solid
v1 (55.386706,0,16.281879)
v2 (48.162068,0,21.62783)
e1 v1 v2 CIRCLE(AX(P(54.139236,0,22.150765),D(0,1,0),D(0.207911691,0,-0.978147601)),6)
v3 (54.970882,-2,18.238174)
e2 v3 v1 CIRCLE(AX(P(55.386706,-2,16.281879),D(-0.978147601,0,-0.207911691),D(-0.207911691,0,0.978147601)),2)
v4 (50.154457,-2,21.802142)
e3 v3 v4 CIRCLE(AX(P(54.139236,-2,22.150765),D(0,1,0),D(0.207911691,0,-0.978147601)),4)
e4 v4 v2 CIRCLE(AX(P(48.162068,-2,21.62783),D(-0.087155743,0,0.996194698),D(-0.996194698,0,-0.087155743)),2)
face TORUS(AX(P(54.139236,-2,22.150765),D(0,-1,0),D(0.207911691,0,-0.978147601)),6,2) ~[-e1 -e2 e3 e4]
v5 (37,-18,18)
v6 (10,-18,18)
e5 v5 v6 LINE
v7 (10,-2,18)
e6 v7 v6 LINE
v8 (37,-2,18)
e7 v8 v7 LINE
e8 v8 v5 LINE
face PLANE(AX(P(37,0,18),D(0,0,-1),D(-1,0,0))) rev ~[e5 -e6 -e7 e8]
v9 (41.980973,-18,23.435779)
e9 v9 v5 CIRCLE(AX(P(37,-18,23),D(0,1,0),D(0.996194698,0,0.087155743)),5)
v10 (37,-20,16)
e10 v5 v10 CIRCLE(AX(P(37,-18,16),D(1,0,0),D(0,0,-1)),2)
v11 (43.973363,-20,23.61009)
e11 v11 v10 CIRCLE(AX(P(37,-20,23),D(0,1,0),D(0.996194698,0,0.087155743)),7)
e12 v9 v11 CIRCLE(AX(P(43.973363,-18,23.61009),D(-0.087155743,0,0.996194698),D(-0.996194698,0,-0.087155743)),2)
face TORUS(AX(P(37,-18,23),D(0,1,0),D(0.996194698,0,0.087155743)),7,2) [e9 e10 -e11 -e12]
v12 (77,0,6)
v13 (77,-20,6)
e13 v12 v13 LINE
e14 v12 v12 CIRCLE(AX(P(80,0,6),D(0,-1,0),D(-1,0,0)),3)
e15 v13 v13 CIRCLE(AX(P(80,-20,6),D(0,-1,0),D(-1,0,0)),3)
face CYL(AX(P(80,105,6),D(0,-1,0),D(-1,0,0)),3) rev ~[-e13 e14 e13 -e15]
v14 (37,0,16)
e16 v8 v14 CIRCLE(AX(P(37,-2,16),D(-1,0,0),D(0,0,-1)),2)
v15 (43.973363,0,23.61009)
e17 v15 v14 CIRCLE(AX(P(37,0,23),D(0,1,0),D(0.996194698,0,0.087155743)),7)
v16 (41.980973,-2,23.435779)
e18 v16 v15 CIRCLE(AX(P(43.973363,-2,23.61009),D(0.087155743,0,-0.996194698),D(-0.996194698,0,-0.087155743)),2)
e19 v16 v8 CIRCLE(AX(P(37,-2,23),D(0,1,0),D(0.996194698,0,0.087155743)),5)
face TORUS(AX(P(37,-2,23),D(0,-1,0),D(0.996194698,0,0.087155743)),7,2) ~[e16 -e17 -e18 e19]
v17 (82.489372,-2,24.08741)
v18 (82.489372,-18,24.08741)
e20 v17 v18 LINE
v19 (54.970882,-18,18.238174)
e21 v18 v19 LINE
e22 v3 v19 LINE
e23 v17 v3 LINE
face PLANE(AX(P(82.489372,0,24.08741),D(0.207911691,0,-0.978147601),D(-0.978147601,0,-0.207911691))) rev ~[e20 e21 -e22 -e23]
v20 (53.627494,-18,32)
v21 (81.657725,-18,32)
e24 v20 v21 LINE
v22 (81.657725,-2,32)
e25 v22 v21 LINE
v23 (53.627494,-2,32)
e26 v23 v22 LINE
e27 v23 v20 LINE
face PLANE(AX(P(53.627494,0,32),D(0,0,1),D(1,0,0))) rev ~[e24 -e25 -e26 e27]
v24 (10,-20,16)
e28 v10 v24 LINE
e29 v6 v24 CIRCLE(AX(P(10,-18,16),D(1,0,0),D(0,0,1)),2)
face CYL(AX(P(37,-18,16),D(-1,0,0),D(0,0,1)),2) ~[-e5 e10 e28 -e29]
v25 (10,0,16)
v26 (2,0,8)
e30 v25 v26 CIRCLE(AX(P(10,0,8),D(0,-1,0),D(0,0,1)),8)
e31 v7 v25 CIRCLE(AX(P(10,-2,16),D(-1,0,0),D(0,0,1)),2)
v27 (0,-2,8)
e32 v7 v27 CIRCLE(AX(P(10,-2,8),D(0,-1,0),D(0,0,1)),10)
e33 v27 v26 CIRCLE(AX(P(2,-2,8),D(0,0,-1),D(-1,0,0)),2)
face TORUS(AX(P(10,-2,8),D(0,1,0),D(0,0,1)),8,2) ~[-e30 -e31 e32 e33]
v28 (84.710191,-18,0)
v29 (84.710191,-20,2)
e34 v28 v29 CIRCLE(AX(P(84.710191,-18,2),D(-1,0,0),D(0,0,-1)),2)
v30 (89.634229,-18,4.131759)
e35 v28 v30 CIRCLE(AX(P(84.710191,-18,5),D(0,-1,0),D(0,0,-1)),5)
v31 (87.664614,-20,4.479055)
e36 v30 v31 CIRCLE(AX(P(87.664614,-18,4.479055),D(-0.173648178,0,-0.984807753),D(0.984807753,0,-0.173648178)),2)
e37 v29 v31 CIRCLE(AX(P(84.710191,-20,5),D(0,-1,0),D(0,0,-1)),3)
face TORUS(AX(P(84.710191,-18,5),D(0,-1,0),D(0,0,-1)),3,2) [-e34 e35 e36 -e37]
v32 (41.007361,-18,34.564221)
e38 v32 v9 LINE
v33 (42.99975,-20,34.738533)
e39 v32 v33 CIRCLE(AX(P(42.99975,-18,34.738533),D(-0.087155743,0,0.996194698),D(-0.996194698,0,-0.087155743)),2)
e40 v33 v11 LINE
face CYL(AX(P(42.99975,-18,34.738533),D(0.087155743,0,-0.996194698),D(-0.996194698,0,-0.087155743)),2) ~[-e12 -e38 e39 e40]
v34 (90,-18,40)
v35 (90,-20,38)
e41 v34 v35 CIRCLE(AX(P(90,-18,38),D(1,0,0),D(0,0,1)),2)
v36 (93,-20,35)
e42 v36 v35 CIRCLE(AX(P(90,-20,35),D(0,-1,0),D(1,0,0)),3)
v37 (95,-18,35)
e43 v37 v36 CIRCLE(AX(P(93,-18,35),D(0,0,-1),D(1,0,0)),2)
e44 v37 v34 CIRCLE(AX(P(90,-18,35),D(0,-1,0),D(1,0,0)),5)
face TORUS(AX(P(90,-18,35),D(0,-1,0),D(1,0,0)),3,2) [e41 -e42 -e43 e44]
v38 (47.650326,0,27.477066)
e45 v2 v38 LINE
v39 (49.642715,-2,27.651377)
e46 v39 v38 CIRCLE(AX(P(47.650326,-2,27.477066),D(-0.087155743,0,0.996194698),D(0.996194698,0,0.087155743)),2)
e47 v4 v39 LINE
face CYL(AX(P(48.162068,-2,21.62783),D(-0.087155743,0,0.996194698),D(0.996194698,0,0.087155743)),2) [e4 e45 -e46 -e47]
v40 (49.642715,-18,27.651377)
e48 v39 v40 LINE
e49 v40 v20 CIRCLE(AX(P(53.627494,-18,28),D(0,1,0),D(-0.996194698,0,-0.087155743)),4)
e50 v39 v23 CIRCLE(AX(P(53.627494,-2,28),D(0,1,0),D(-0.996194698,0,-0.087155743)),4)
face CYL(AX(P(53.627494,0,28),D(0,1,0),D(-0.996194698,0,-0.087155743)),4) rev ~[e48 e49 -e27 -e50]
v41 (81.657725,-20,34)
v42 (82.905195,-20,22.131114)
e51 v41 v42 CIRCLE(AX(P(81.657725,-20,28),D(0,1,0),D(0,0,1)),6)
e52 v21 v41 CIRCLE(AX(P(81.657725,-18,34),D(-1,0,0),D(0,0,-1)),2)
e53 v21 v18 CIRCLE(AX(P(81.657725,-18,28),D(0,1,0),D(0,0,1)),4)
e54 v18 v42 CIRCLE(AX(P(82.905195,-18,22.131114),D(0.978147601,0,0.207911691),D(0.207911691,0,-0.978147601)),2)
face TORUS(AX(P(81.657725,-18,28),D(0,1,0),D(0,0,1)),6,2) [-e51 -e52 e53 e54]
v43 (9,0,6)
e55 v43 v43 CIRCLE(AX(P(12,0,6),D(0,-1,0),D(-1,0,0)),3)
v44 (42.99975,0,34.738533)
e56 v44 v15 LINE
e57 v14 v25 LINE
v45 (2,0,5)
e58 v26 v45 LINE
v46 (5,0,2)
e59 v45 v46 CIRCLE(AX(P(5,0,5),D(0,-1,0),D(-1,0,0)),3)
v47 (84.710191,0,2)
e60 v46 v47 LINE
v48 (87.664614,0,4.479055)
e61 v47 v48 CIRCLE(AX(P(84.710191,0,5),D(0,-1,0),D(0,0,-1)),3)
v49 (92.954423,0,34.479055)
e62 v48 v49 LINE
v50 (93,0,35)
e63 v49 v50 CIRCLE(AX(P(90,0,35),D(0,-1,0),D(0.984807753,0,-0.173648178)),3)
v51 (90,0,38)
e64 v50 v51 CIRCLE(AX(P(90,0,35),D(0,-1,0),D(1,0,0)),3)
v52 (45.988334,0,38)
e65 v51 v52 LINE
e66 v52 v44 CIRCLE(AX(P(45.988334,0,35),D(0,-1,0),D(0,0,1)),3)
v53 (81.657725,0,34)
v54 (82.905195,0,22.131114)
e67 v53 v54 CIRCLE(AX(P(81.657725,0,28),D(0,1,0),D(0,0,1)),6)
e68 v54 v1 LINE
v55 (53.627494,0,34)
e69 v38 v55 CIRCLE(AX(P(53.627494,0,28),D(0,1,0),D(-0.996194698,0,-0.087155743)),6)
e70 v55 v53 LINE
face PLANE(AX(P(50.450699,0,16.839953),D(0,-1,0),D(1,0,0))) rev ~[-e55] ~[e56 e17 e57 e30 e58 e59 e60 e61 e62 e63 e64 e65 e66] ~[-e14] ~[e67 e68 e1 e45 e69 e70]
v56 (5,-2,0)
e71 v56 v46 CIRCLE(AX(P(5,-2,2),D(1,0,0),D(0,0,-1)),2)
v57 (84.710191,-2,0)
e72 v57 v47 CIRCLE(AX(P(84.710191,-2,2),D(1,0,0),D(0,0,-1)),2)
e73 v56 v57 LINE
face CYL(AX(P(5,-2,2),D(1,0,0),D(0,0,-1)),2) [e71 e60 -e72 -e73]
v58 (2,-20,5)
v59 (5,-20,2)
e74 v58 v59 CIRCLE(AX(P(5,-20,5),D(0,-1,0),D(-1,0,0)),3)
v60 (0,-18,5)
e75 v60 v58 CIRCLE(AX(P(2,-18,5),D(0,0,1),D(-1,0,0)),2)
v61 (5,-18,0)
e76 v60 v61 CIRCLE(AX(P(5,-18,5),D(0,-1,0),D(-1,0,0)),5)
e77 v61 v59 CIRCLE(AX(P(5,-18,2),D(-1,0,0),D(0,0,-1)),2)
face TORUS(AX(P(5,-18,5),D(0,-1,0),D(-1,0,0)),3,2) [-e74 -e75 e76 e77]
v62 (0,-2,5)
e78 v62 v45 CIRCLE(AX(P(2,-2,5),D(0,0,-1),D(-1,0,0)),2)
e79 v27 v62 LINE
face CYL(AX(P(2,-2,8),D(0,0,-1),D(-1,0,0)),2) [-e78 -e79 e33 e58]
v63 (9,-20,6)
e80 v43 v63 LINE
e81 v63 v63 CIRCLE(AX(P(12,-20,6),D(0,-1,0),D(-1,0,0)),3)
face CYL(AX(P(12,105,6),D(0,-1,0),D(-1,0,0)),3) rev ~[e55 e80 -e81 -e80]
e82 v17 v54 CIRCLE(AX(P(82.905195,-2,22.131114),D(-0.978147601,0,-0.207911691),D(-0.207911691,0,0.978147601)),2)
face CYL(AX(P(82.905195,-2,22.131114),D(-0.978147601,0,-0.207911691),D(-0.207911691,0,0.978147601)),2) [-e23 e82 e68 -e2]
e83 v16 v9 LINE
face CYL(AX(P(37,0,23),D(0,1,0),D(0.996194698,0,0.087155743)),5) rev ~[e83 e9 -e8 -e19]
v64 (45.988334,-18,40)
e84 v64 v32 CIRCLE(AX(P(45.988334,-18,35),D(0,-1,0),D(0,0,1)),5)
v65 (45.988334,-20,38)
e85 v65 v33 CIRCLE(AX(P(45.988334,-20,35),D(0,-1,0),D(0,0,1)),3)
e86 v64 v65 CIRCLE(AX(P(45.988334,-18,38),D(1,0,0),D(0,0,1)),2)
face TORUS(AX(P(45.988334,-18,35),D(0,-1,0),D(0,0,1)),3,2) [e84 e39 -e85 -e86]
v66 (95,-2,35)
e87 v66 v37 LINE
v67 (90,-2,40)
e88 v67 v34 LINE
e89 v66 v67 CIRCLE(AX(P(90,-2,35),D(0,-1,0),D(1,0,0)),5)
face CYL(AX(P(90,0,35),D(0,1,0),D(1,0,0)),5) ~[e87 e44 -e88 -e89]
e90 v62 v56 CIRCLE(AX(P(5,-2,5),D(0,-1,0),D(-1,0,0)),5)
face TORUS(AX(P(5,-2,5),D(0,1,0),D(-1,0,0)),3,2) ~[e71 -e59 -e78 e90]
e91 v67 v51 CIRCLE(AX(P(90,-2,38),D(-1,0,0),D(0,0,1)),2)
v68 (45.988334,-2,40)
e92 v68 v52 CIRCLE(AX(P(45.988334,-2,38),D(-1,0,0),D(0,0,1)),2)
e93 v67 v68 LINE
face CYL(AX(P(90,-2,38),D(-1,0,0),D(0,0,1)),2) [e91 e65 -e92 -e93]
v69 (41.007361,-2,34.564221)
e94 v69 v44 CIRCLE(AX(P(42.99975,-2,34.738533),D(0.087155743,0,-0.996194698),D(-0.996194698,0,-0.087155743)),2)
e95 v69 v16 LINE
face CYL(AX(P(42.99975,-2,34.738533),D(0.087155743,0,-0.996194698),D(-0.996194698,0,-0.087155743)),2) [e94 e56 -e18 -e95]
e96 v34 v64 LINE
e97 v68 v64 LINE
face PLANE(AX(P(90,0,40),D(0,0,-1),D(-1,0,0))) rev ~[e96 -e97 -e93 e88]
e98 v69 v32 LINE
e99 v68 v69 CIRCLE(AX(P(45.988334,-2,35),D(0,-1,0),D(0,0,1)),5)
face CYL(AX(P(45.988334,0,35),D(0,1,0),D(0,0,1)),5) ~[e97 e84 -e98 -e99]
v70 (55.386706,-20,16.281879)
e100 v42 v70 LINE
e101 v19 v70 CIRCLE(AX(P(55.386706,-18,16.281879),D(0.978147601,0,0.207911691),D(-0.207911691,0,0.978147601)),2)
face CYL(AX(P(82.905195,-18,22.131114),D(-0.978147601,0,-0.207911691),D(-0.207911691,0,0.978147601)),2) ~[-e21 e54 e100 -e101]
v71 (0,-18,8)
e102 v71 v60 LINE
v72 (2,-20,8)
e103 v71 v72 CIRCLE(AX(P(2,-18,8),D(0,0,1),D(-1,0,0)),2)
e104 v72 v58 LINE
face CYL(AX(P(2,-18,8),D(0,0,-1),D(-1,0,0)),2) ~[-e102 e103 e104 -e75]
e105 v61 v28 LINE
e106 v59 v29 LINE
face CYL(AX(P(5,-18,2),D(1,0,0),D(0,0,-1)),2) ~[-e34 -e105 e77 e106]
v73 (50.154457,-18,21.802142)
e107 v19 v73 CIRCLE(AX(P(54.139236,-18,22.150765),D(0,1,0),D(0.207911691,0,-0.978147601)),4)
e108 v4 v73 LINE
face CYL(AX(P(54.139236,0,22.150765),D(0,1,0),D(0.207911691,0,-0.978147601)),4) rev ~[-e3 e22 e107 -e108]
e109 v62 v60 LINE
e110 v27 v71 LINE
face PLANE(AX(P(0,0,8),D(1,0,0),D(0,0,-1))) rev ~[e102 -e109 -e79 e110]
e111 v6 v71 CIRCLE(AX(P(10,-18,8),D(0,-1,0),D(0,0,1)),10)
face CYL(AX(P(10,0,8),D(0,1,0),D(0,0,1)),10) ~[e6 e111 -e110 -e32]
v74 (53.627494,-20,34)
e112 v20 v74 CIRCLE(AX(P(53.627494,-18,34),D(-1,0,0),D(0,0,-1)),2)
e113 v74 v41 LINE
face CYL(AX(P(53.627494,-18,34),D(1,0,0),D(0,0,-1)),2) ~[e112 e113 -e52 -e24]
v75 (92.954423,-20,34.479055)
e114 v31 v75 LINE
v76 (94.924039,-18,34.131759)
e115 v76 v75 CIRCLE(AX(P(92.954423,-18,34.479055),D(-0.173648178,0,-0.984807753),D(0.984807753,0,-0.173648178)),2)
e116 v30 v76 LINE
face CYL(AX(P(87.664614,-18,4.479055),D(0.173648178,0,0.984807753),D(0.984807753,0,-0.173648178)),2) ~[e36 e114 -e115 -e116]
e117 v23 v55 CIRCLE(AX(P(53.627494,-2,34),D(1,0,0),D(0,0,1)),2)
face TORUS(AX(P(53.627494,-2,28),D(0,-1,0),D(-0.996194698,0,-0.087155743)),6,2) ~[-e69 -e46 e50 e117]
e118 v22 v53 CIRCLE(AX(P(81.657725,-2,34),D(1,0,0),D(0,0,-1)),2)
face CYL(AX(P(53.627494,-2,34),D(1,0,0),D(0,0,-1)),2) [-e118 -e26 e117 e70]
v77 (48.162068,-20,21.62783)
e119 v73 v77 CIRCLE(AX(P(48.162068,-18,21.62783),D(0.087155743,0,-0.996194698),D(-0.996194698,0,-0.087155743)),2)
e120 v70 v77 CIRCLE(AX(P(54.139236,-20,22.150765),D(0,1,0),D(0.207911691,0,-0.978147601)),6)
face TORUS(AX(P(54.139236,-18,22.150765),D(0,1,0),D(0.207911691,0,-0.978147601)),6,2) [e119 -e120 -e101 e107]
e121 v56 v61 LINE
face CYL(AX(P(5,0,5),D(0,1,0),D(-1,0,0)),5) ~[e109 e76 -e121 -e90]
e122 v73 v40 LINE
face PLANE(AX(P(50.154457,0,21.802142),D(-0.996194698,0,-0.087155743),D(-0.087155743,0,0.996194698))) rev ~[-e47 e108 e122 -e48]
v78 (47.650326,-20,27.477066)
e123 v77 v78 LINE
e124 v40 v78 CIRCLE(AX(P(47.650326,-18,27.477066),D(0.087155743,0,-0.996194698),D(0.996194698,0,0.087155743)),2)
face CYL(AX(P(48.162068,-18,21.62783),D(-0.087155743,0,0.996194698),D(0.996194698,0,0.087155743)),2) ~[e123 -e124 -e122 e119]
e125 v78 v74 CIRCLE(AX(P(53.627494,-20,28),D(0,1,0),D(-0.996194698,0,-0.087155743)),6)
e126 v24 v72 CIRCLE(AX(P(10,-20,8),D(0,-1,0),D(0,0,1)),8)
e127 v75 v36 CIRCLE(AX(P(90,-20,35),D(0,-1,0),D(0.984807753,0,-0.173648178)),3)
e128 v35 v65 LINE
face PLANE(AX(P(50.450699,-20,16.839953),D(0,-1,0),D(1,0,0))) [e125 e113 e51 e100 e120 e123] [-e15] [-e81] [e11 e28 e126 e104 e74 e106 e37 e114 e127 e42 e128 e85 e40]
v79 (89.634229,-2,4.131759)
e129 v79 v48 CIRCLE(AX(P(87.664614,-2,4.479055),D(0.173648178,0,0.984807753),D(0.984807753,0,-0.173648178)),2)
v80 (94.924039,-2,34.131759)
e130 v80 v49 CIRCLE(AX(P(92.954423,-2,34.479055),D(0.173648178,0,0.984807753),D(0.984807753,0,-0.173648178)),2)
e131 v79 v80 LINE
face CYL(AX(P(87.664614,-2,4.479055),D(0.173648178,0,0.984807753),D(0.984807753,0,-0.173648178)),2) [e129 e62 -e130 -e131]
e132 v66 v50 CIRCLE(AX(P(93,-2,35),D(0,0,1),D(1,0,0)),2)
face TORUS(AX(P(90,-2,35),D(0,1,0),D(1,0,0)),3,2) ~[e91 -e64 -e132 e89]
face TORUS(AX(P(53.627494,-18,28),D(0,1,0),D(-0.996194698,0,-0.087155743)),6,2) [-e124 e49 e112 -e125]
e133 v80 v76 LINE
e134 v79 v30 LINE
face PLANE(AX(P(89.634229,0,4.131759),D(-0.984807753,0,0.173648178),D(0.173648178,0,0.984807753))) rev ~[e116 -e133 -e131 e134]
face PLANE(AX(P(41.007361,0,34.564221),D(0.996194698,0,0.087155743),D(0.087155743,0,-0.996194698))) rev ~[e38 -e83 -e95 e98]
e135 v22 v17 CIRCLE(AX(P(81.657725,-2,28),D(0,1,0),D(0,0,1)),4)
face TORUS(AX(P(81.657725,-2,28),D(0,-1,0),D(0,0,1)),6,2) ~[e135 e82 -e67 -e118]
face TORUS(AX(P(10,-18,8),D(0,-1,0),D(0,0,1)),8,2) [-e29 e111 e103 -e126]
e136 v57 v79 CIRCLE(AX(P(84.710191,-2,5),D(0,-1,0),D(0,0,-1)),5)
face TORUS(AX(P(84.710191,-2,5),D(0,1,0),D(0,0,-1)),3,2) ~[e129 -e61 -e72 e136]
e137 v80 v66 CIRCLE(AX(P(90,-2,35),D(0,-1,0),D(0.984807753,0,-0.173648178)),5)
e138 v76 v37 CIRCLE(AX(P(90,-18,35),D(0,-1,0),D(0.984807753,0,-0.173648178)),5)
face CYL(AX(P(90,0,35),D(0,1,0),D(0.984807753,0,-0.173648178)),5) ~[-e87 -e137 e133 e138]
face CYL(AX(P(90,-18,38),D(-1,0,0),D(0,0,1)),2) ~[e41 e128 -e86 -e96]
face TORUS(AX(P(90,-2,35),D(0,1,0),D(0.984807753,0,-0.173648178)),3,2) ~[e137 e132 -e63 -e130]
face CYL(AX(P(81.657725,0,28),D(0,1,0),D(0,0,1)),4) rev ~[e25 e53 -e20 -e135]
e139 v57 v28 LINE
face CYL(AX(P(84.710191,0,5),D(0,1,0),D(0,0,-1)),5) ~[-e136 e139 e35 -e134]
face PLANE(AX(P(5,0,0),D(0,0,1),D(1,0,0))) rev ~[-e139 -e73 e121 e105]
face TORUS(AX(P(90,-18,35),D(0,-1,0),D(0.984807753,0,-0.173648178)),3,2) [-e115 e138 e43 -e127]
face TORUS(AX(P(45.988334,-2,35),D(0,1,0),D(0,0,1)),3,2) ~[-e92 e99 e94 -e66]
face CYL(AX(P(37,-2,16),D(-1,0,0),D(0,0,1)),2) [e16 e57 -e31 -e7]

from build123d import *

# Parameters (mm, degrees)
F1_DEPTH = 20
F2_R     = 2
F4_D     = 6


with BuildPart() as f1:
    # F0 (on Front) → F1 (new body)
    with BuildSketch(Plane.XZ):
        with BuildLine():
            ThreePointArc((0, 5), (1.4644660941, 1.4644660941), (5, 0))
            Line((5, 0), (84.7101905787, 0))
            ThreePointArc((84.7101905787, 0), (87.9241286272, 1.1697777844), (89.6342293438, 4.1317591117))
            Line((89.6342293438, 4.1317591117), (94.9240387651, 34.1317591117))
            ThreePointArc((94.9240387651, 34.1317591117), (94.9809734905, 34.5642212863), (95, 35))
            ThreePointArc((95, 35), (93.5355339059, 38.5355339059), (90, 40))
            Line((90, 40), (45.9883344131, 40))
            ThreePointArc((45.9883344131, 40), (42.3019477291, 38.3779510381), (41.0073609227, 34.5642212863))
            Line((41.0073609227, 34.5642212863), (41.9809734905, 23.4357787137))
            ThreePointArc((41.9809734905, 23.4357787137), (40.6863866841, 19.6220489619), (37, 18))
            Line((37, 18), (10, 18))
            ThreePointArc((10, 18), (2.9289321881, 15.0710678119), (0, 8))
            Line((0, 8), (0, 5))
        make_face()
        with BuildLine():
            ThreePointArc((49.6427151282, 27.651377029), (50.6783845734, 30.7023608305), (53.6274939206, 32))
            Line((53.6274939206, 32), (81.6577248518, 32))
            ThreePointArc((81.6577248518, 32), (85.6358124333, 28.4181138531), (82.4893716151, 24.0874095971))
            Line((82.4893716151, 24.0874095971), (54.9708824747, 18.238174163))
            ThreePointArc((54.9708824747, 18.238174163), (51.7599445644, 18.9353371235), (50.154456919, 21.802141595))
            Line((50.154456919, 21.802141595), (49.6427151282, 27.651377029))
        make_face(mode=Mode.SUBTRACT)
    extrude(amount=F1_DEPTH)

    # F2
    f2_edges = [f1.edges().sort_by_distance(p)[0] for p in [
        (67.642609, -20, 32),
        (41.494167, -20, 29),
        (68.730127, 0, 21.162792),
        (41.494167, 0, 29),
    ]]
    fillet(f2_edges, radius=F2_R)

    # F4 (through all)
    with Locations(Plane(origin=(0, 0, 0), x_dir=(1, 0, 0), z_dir=(0, 1, 0))):
        with Locations((12, -6), (80, -6)):
            Hole(F4_D / 2)


solid = f1.part
